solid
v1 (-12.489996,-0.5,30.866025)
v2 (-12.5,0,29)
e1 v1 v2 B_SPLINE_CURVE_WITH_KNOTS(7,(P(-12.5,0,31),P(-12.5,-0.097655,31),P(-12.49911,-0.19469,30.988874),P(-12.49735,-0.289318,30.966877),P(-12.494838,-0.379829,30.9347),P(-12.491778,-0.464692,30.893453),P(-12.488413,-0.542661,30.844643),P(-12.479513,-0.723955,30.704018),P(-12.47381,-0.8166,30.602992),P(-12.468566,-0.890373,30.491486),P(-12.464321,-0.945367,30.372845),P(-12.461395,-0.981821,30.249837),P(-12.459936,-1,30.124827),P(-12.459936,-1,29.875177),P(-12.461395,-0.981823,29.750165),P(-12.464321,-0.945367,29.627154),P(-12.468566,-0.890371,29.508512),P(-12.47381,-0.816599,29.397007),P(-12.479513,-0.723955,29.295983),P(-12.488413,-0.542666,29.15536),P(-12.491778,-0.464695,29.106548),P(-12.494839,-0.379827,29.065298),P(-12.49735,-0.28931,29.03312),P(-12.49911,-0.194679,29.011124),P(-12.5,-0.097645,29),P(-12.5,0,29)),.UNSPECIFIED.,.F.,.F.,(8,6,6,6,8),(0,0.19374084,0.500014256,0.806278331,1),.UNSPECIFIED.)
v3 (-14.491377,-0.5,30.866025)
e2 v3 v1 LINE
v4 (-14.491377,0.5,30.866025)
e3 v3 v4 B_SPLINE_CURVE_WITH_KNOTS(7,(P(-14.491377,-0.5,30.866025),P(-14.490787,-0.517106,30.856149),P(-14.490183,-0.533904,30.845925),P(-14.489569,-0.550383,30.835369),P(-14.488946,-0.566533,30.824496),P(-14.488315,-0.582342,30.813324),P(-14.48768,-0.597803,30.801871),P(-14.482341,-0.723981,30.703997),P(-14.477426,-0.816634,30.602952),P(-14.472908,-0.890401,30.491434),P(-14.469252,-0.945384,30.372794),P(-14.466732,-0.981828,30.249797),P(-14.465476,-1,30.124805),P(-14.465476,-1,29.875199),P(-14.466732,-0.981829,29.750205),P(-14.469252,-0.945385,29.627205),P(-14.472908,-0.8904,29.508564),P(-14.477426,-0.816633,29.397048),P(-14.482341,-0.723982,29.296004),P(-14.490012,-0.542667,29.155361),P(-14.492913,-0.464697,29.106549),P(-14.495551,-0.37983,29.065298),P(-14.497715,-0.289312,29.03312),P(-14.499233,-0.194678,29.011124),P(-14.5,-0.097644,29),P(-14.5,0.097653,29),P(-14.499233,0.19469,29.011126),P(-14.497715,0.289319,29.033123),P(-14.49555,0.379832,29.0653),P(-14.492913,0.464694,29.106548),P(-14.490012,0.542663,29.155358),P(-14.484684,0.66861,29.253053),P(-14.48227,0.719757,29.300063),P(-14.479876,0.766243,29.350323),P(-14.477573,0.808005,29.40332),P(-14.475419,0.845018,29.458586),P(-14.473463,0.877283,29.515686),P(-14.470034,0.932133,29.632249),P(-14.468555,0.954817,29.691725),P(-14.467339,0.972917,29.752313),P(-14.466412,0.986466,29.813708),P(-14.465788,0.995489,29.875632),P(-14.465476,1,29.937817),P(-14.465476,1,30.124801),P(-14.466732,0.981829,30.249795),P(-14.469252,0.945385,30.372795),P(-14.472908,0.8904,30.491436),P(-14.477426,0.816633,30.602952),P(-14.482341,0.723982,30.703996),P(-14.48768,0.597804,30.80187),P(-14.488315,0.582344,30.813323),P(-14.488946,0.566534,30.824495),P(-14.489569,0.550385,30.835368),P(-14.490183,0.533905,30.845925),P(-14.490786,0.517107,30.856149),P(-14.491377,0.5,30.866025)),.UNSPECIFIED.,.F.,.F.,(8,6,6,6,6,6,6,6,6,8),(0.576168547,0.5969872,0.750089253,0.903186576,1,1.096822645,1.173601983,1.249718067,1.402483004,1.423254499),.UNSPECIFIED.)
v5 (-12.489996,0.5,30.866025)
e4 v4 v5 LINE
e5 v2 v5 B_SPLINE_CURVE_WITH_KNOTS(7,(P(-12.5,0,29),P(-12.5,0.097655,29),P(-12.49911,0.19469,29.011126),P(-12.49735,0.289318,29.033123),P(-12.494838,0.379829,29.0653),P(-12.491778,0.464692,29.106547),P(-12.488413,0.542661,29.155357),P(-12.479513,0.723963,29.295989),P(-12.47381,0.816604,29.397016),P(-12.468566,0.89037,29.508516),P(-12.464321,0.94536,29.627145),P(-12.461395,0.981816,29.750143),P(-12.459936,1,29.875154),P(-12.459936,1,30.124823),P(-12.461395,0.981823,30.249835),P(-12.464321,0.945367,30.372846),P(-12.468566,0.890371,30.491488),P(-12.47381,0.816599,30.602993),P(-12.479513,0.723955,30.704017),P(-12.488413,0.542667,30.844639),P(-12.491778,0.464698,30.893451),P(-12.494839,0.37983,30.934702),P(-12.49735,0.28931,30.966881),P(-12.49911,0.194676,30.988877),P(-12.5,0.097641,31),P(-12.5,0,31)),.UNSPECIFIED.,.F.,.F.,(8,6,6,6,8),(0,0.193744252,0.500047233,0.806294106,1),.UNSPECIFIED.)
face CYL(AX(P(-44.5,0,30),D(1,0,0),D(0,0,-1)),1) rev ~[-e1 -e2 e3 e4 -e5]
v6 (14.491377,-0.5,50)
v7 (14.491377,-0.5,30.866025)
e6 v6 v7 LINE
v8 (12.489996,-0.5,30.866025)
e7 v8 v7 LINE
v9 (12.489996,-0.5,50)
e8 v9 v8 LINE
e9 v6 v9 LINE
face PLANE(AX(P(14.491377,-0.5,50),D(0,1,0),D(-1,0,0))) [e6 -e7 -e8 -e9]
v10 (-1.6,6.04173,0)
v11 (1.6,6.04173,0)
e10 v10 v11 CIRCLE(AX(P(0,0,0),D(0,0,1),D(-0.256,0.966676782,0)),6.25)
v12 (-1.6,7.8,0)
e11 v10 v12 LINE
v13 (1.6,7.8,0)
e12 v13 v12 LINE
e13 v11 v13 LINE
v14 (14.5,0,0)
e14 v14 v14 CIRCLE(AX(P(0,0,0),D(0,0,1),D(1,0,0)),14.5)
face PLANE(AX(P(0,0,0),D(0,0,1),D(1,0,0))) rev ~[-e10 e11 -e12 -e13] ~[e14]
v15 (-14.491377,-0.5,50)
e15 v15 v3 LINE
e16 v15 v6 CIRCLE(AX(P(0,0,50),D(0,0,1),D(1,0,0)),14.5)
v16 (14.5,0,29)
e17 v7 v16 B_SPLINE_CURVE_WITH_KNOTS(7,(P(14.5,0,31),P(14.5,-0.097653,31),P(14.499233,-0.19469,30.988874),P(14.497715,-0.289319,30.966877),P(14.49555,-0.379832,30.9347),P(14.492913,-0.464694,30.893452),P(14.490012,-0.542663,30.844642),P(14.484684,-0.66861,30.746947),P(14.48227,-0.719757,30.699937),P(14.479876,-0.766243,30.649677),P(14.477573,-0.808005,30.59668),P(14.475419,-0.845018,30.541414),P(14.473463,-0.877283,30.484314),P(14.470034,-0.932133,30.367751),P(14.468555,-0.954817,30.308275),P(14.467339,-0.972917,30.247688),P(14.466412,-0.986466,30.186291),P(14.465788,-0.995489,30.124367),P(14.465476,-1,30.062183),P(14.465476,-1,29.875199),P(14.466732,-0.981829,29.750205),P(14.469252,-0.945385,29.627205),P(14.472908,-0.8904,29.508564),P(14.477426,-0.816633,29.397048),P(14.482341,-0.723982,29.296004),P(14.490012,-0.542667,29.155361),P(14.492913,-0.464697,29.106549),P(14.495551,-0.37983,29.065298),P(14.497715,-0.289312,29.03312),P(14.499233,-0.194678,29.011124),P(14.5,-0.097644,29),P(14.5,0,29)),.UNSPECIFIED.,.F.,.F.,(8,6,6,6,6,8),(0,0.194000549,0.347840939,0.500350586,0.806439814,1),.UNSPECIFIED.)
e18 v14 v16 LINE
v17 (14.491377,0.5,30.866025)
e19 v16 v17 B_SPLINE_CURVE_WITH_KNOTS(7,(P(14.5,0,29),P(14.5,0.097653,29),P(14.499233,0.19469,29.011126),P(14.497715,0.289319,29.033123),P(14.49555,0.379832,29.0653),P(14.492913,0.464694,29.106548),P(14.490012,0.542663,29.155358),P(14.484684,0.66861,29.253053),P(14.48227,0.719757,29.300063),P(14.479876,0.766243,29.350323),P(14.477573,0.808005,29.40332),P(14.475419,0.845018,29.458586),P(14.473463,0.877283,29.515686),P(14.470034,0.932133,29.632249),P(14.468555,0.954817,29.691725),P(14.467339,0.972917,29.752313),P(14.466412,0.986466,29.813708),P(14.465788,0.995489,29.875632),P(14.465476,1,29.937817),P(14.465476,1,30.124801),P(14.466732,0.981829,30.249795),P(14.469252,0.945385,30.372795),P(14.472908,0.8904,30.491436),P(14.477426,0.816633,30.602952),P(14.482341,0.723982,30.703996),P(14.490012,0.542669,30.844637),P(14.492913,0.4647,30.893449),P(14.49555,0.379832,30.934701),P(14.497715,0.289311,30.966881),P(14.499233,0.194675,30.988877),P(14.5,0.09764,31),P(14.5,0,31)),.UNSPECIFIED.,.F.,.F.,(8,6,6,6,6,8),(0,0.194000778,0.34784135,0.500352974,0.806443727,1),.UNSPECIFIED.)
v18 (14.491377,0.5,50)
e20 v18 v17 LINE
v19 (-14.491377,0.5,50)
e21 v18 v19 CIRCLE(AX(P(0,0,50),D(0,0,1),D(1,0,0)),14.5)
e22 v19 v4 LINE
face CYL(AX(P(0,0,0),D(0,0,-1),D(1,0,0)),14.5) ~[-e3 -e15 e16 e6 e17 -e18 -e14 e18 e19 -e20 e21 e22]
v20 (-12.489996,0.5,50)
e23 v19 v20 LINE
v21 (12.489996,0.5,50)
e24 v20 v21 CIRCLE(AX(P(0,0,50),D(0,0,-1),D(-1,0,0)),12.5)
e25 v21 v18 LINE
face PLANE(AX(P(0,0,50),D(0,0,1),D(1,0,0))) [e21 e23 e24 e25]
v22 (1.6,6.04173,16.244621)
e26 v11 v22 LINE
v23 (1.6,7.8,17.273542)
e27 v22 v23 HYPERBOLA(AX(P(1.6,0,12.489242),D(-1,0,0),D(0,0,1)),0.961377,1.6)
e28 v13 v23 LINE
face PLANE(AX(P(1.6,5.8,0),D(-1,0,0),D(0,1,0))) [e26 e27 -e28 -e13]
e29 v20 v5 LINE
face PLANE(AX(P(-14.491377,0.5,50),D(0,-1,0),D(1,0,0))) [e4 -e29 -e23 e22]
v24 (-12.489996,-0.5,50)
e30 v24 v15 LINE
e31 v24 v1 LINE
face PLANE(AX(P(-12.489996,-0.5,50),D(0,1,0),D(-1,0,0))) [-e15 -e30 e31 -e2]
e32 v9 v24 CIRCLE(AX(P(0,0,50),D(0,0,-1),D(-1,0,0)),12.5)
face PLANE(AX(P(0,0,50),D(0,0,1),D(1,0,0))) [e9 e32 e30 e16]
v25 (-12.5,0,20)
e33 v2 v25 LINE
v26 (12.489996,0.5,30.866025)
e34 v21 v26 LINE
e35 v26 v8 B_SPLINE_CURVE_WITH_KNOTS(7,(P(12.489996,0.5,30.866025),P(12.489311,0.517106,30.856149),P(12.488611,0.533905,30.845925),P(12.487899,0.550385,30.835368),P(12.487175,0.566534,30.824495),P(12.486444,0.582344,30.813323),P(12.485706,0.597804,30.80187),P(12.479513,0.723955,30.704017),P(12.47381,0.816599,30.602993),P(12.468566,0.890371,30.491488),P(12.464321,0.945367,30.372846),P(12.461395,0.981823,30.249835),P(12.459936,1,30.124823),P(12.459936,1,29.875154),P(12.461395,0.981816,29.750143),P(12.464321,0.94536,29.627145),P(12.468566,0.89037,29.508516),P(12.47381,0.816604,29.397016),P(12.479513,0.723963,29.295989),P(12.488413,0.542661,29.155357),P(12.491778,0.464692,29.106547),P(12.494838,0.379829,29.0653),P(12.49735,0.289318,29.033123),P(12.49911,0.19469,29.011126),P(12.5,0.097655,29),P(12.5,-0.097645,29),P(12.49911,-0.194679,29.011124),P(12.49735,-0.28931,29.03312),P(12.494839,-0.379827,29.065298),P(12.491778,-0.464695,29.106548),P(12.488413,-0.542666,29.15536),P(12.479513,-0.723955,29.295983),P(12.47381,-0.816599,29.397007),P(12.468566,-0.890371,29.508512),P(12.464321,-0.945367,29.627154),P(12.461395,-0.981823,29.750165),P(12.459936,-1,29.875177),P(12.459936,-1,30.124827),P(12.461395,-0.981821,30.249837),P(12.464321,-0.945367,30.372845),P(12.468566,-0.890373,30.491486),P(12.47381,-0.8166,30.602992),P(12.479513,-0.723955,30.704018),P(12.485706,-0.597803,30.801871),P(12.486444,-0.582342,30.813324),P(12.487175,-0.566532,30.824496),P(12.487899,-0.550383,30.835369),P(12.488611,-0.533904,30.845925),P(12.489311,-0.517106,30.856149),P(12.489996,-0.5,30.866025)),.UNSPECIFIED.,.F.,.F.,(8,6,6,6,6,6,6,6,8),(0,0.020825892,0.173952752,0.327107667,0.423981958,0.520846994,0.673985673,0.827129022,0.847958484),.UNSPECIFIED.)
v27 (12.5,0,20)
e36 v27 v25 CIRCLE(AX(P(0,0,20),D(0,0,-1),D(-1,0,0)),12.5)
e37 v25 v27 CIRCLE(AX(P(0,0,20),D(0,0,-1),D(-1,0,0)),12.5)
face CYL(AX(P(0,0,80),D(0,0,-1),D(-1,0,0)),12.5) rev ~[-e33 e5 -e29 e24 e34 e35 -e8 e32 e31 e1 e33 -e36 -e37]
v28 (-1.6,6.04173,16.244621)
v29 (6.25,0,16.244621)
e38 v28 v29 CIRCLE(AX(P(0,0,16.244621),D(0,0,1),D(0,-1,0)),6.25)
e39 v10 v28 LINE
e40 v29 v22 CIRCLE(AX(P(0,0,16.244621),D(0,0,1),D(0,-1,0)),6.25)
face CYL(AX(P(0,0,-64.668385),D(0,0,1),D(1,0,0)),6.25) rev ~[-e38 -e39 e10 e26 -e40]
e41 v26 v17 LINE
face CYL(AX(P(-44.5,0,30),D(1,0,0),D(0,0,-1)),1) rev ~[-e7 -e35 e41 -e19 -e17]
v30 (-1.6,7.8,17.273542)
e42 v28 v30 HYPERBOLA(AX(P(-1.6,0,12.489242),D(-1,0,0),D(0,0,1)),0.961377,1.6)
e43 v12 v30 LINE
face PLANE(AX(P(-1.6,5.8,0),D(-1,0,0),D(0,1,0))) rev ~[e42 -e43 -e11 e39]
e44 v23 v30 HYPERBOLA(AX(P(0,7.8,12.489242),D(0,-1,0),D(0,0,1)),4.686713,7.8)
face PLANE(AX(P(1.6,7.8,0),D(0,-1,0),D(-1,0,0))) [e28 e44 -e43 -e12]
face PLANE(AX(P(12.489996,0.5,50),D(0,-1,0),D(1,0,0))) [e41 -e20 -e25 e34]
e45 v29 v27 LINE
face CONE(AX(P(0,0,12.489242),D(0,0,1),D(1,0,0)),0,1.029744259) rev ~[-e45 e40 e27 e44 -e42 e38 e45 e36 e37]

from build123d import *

# Parameters (mm, degrees)
SKIZZE1_R                              = 14.5
AUFSATZ_LINEAR_AUSTRAGEN1_DEPTH        = 50
SKIZZE5_W                              = 3.2
SKIZZE5_H                              = 2
SCHNITT_LINEAR_AUSTRAGEN1_DEPTH        = 25
F_24_5_24_5_DURCHMESSER_BOHRUNG1_D     = 12.5
F_24_5_24_5_DURCHMESSER_BOHRUNG2_D     = 25
F_24_5_24_5_DURCHMESSER_BOHRUNG2_DEPTH = 30
F_24_5_24_5_DURCHMESSER_BOHRUNG2_TIP   = 7.510757738
SCHNITT_LINEAR_AUSTRAGEN2_DEPTH        = 20
F_2_0_2_DURCHMESSER_BOHRUNG11_D        = 2
F_2_0_2_DURCHMESSER_BOHRUNG11_DEPTH    = 30
F_2_0_2_DURCHMESSER_BOHRUNG11_TIP      = 0.600860619


with BuildPart() as part:
    # Skizze1 → Aufsatz-Linear austragen1 (new body)
    with BuildSketch(Plane.XY):
        Circle(SKIZZE1_R)
    extrude(amount=AUFSATZ_LINEAR_AUSTRAGEN1_DEPTH)

    # Skizze5 → Schnitt-Linear austragen1 (cut)
    with BuildSketch(Plane(origin=(0, 0, 0), x_dir=(-1, 0, 0), z_dir=(0, 0, -1))):
        with Locations((0, 6.8)):
            Rectangle(SKIZZE5_W, SKIZZE5_H)
    extrude(amount=-SCHNITT_LINEAR_AUSTRAGEN1_DEPTH, mode=Mode.SUBTRACT)

    # Ø24.5 (24.5) Durchmesser Bohrung1 (through all)
    with Locations(Plane(origin=(0, 0, 0), x_dir=(-1, 0, 0), z_dir=(0, 0, -1))):
        with Locations((0, 0)):
            Hole(F_24_5_24_5_DURCHMESSER_BOHRUNG1_D / 2)

    # Ø24.5 (24.5) Durchmesser Bohrung2
    with Locations(Plane.XY.offset(50)):
        with Locations((0, 0)):
            Hole(F_24_5_24_5_DURCHMESSER_BOHRUNG2_D / 2, depth=F_24_5_24_5_DURCHMESSER_BOHRUNG2_DEPTH)
            with Locations((0, 0, -(F_24_5_24_5_DURCHMESSER_BOHRUNG2_DEPTH + F_24_5_24_5_DURCHMESSER_BOHRUNG2_TIP / 2))):  # 118° drill point
                Cone(0, F_24_5_24_5_DURCHMESSER_BOHRUNG2_D / 2, F_24_5_24_5_DURCHMESSER_BOHRUNG2_TIP, mode=Mode.SUBTRACT)

    # Skizze12 → Schnitt-Linear austragen2 (cut)
    with BuildSketch(Plane.XY.offset(50)):
        with BuildLine():
            Line((-14.491376746, 0.5), (-12.489995997, 0.5))
            ThreePointArc((-12.489995997, 0.5), (-12.5, 0), (-12.489995997, -0.5))
            Line((-12.489995997, -0.5), (-14.491376746, -0.5))
            ThreePointArc((-14.491376746, -0.5), (-14.5, 0), (-14.491376746, 0.5))
        make_face()
        with BuildLine():
            Line((12.489995997, 0.5), (14.491376746, 0.5))
            ThreePointArc((14.491376746, 0.5), (14.5, 0), (14.491376746, -0.5))
            Line((14.491376746, -0.5), (12.489995997, -0.5))
            ThreePointArc((12.489995997, -0.5), (12.5, 0), (12.489995997, 0.5))
        make_face()
    extrude(amount=-SCHNITT_LINEAR_AUSTRAGEN2_DEPTH, mode=Mode.SUBTRACT)

    # Ø2.0 (2) Durchmesser Bohrung11
    with Locations(Plane(origin=(-14.5, 0, 30), x_dir=(0, 0, 1), z_dir=(-1, 0, 0))):
        with Locations((0, 0)):
            Hole(F_2_0_2_DURCHMESSER_BOHRUNG11_D / 2, depth=F_2_0_2_DURCHMESSER_BOHRUNG11_DEPTH)
            with Locations((0, 0, -(F_2_0_2_DURCHMESSER_BOHRUNG11_DEPTH + F_2_0_2_DURCHMESSER_BOHRUNG11_TIP / 2))):  # 118° drill point
                Cone(0, F_2_0_2_DURCHMESSER_BOHRUNG11_D / 2, F_2_0_2_DURCHMESSER_BOHRUNG11_TIP, mode=Mode.SUBTRACT)


solid = part.part
